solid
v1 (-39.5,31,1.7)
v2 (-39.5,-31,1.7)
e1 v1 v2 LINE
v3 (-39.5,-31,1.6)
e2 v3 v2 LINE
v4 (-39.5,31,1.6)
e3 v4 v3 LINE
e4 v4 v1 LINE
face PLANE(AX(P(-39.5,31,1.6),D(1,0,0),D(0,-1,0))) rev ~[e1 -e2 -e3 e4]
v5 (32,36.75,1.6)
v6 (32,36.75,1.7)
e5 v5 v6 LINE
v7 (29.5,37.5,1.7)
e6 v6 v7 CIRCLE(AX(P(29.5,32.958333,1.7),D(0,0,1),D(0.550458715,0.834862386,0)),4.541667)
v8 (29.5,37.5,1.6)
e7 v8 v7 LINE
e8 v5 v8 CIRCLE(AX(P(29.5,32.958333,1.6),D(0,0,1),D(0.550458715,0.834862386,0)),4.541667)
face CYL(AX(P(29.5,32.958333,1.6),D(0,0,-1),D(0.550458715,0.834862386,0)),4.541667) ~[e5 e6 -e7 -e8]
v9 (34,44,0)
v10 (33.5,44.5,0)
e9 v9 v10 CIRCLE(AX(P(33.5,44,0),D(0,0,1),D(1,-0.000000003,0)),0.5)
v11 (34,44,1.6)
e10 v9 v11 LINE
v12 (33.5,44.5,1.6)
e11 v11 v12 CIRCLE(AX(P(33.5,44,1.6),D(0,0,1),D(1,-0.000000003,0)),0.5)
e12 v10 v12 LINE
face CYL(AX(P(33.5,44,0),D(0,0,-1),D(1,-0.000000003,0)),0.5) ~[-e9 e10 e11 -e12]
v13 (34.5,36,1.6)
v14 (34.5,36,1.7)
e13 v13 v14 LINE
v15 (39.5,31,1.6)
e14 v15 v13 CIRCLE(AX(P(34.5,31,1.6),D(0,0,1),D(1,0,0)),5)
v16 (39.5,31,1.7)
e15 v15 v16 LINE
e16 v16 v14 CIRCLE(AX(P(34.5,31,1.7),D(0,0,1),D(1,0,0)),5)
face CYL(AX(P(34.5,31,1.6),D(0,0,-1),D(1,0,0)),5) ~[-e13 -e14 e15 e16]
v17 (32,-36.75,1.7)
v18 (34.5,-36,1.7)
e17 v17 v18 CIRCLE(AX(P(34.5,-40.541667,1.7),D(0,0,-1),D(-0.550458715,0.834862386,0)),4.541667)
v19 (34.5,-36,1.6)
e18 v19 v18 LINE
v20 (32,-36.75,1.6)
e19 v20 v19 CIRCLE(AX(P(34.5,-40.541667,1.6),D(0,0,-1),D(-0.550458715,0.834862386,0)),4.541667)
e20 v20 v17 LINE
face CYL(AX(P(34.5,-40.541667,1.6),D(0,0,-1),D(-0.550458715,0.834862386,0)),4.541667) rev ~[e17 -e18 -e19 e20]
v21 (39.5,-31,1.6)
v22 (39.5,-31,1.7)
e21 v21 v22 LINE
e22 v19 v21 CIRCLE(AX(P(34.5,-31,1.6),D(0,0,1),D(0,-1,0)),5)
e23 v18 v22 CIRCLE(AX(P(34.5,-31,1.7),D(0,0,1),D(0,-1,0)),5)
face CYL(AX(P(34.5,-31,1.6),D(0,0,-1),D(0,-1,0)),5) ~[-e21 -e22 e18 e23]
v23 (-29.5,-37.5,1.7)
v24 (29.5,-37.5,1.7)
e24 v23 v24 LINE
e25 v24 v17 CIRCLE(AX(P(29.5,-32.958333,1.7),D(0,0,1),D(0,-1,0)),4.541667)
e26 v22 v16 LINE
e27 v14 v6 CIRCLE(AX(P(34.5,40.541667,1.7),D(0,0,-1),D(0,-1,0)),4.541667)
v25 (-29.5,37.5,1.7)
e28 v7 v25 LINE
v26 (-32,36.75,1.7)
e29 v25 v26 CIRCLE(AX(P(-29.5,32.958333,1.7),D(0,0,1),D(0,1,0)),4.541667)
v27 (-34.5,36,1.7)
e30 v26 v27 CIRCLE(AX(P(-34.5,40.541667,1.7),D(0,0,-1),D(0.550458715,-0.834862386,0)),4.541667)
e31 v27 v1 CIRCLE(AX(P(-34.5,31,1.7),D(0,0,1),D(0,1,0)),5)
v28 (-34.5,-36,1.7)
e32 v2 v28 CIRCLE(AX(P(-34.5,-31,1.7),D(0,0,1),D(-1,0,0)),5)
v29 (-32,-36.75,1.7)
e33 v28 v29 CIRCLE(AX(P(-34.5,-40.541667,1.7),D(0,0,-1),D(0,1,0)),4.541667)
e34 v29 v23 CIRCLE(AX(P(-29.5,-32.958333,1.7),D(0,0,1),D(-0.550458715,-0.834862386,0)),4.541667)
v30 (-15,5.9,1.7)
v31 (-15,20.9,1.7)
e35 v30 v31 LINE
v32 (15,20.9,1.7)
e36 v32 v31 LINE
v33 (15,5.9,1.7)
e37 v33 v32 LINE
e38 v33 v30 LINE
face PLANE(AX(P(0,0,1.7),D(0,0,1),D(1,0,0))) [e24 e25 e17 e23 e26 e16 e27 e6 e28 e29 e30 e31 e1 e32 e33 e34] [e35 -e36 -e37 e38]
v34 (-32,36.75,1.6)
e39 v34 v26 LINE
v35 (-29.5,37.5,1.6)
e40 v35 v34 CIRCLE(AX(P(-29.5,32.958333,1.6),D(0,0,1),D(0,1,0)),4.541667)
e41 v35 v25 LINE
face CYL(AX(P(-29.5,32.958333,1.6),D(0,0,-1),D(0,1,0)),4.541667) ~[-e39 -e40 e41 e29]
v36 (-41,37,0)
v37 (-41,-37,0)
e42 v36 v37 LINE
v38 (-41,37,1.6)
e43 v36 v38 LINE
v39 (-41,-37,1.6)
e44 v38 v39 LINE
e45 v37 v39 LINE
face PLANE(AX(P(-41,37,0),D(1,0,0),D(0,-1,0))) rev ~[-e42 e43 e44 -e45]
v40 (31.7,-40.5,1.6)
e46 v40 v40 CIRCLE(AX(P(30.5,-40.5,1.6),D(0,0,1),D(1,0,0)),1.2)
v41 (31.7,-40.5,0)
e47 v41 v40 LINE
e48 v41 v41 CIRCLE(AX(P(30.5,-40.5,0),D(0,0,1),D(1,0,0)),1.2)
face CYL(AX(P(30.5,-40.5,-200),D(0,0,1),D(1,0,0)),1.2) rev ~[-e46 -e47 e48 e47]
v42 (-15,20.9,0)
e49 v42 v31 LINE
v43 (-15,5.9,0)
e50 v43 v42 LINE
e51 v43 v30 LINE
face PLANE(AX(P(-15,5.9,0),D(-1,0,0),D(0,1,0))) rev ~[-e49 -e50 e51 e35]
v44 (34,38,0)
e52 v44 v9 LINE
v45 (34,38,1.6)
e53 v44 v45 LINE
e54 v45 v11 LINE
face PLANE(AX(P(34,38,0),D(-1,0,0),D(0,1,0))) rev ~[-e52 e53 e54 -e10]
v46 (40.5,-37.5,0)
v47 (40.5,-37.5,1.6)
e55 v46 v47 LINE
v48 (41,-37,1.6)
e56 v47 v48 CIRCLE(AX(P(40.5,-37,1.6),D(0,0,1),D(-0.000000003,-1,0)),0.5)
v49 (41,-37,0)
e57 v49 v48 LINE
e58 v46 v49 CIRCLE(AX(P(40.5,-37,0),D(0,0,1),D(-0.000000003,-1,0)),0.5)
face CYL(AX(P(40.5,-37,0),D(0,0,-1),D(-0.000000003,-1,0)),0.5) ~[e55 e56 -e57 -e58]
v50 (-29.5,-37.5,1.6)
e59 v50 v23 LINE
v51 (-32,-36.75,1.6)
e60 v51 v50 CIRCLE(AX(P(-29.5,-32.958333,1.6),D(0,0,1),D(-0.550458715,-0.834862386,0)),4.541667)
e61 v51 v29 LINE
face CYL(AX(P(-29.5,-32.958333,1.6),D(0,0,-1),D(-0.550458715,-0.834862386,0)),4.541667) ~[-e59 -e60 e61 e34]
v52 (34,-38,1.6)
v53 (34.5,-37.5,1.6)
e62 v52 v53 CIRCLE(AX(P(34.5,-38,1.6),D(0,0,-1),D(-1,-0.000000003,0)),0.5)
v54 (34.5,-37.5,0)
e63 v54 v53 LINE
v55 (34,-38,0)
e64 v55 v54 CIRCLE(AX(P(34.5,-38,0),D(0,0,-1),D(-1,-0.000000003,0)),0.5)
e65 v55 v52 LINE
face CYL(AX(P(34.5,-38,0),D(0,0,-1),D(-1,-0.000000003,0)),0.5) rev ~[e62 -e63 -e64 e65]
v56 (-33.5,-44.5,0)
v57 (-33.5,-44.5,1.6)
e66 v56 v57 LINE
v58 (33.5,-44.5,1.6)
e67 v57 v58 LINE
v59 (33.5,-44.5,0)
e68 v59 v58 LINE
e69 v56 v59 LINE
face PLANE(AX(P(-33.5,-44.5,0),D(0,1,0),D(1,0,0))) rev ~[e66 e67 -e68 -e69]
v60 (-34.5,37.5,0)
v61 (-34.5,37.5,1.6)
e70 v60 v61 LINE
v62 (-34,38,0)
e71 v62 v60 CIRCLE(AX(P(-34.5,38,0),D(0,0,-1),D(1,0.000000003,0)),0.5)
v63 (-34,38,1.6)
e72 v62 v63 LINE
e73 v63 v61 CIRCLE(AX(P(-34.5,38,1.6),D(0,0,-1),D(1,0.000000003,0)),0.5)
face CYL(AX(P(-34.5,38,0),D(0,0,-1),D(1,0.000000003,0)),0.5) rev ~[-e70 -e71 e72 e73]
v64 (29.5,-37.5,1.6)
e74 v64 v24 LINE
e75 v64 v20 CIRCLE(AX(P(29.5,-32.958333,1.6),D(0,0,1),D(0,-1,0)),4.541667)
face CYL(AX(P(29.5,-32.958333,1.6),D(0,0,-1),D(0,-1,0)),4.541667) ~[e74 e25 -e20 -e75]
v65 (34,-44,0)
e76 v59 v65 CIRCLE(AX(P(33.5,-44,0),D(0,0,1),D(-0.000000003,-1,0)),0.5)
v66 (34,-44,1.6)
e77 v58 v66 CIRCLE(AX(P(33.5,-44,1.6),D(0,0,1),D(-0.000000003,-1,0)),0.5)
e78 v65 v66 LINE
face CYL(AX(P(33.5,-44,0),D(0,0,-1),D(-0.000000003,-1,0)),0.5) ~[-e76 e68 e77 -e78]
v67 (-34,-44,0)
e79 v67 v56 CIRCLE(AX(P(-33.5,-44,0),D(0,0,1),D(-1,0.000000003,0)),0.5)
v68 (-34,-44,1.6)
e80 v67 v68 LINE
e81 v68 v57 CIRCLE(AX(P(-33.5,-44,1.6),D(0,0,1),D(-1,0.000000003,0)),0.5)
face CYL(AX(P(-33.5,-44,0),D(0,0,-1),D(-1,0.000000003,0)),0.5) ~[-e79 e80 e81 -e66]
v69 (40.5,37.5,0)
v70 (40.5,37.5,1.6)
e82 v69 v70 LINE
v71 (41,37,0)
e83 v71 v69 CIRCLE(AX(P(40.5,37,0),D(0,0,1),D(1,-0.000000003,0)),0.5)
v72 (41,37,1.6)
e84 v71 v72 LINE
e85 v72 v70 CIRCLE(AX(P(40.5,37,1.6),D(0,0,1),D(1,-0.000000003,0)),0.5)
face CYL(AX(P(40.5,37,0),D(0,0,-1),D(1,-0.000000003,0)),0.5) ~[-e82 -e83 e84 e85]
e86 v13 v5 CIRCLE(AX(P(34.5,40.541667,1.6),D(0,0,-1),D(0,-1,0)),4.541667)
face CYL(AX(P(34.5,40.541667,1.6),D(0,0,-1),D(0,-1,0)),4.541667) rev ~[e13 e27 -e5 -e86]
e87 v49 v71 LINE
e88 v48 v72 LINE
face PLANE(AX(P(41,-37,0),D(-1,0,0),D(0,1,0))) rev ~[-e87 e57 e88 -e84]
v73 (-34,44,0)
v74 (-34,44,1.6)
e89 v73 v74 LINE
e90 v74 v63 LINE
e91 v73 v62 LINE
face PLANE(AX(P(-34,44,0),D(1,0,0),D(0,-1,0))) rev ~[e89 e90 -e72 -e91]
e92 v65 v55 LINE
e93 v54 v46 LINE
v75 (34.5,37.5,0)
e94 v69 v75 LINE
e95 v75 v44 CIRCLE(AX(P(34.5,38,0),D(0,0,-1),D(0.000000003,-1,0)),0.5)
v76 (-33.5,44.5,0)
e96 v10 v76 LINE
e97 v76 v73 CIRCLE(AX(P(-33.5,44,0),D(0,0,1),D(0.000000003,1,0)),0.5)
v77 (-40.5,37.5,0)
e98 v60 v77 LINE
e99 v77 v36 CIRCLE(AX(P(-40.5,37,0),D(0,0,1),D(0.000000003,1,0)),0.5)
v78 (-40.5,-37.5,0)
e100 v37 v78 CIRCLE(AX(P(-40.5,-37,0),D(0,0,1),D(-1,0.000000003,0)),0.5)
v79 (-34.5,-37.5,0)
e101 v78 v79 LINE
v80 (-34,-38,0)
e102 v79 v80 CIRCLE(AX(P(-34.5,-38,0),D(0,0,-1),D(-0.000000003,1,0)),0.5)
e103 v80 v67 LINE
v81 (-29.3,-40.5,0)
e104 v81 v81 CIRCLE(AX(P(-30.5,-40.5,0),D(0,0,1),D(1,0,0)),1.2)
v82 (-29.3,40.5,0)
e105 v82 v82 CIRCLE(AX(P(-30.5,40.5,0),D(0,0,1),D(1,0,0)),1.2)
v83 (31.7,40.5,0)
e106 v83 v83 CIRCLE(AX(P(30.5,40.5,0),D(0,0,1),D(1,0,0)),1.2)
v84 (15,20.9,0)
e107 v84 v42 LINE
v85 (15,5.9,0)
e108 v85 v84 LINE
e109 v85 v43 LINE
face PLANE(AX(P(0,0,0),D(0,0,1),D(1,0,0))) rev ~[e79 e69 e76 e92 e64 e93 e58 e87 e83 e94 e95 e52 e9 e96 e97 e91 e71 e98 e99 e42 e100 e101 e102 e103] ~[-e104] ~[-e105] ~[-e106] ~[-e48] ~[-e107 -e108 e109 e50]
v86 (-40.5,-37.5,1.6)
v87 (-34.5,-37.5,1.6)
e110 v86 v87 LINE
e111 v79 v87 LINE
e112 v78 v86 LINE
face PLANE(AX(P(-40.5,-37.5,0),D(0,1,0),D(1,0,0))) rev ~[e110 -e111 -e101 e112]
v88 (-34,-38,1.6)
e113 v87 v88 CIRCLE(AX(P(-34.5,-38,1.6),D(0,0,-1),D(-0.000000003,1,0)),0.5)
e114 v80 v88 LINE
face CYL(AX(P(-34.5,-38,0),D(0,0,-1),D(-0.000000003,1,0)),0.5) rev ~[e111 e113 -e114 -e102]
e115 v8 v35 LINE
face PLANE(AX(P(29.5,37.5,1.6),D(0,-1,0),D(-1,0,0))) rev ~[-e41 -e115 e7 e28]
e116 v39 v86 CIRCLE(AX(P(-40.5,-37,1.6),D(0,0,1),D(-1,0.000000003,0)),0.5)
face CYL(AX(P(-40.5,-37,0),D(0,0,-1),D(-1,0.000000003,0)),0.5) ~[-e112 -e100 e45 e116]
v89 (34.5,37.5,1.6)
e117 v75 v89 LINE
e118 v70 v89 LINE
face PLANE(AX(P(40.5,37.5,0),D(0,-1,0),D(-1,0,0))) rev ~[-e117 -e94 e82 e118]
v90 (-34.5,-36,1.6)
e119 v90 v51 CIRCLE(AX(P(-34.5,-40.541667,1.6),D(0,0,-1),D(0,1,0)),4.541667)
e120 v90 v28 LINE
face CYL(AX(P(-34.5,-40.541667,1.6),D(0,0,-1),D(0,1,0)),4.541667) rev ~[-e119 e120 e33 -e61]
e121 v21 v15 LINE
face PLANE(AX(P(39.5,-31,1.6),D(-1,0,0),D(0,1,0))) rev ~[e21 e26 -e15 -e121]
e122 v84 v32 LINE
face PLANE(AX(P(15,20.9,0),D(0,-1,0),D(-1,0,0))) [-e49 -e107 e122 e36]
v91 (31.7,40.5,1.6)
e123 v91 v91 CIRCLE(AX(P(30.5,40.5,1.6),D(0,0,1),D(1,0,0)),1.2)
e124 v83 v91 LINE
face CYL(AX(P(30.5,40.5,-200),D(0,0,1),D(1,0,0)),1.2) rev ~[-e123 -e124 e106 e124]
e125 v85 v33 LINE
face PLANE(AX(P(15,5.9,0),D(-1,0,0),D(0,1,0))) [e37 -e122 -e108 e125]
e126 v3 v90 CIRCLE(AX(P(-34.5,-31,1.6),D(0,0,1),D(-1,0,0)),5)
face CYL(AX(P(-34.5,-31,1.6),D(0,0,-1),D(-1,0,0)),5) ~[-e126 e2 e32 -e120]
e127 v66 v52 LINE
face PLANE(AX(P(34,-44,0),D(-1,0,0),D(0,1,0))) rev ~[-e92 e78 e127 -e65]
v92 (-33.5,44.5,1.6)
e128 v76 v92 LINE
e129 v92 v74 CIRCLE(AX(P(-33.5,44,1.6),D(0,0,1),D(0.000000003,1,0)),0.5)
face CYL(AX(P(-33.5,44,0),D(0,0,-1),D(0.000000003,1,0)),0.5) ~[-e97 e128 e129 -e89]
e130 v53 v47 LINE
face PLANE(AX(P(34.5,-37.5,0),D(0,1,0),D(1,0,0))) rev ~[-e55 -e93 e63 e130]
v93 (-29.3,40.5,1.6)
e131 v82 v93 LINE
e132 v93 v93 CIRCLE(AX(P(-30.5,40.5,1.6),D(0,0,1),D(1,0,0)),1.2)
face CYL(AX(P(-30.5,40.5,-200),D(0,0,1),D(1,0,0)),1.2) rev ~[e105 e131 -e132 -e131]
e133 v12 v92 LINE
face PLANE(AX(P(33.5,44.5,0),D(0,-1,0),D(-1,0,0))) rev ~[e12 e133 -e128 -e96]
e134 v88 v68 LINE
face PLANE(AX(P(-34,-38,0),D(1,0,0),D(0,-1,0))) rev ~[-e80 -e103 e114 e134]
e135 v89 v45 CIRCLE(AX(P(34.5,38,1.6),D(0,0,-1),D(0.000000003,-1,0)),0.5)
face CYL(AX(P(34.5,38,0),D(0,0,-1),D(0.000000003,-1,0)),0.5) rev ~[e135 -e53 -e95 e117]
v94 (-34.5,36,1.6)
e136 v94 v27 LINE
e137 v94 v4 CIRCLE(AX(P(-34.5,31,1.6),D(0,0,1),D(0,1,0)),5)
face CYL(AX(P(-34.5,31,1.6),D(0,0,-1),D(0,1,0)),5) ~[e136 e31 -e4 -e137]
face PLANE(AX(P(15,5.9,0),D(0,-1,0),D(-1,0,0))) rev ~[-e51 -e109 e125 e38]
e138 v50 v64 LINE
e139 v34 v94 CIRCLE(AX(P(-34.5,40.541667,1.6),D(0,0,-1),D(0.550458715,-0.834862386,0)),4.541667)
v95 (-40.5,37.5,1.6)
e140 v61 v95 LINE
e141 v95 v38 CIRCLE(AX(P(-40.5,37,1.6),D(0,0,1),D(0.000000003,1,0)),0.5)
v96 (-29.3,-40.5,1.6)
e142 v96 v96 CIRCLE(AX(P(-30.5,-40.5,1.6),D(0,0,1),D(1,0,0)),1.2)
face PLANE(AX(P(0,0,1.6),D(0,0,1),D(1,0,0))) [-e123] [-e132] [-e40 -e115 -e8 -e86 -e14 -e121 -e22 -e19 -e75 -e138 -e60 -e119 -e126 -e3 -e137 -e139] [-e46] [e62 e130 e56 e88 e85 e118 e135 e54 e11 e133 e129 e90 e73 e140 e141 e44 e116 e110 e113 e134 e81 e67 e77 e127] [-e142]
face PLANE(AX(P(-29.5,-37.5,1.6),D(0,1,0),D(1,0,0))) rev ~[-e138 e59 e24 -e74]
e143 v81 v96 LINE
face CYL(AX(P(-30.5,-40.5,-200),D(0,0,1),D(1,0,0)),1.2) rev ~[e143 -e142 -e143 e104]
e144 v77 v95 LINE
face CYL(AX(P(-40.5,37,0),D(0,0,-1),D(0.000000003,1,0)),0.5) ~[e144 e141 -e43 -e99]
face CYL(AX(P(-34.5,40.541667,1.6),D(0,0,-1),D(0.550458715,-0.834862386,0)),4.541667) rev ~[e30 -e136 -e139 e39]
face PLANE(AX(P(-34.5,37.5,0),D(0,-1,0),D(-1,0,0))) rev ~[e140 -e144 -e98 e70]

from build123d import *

# Parameters (mm, degrees)
BOSS_EXTRUDE1_DEPTH            = 1.6
BOSS_EXTRUDE2_DEPTH            = 0.1
M2_HOLE1_FIXINGSTRUCTURE_D     = 2.4
M2_HOLE1_FIXINGSTRUCTURE_DEPTH = 200
M2_HOLE1_FIXINGSTRUCTURE_TIP   = 0.721032743
SKETCH4_W                      = 30
SKETCH4_H                      = 15
CUT_EXTRUDE1_DEPTH             = 1.7


with BuildPart() as part:
    # Sketch1 → Boss-Extrude1 (new body)
    with BuildSketch(Plane.XY):
        with BuildLine():
            Line((-34, 44), (-34, 38))
            ThreePointArc((-34, 38), (-34.146446609, 37.646446609), (-34.5, 37.5))
            Line((-34.5, 37.5), (-40.5, 37.5))
            ThreePointArc((-40.5, 37.5), (-40.853553391, 37.353553391), (-41, 37))
            Line((-41, 37), (-41, -37))
            ThreePointArc((-41, -37), (-40.853553391, -37.353553391), (-40.5, -37.5))
            Line((-40.5, -37.5), (-34.5, -37.5))
            ThreePointArc((-34.5, -37.5), (-34.146446609, -37.646446609), (-34, -38))
            Line((-34, -38), (-34, -44))
            ThreePointArc((-34, -44), (-33.853553391, -44.353553391), (-33.5, -44.5))
            Line((-33.5, -44.5), (33.5, -44.5))
            ThreePointArc((33.5, -44.5), (33.853553391, -44.353553391), (34, -44))
            Line((34, -44), (34, -38))
            ThreePointArc((34, -38), (34.146446609, -37.646446609), (34.5, -37.5))
            Line((34.5, -37.5), (40.5, -37.5))
            ThreePointArc((40.5, -37.5), (40.853553391, -37.353553391), (41, -37))
            Line((41, -37), (41, 37))
            ThreePointArc((41, 37), (40.853553391, 37.353553391), (40.5, 37.5))
            Line((40.5, 37.5), (34.5, 37.5))
            ThreePointArc((34.5, 37.5), (34.146446609, 37.646446609), (34, 38))
            Line((34, 38), (34, 44))
            ThreePointArc((34, 44), (33.853553391, 44.353553391), (33.5, 44.5))
            Line((33.5, 44.5), (-33.5, 44.5))
            ThreePointArc((-33.5, 44.5), (-33.853553391, 44.353553391), (-34, 44))
        make_face()
    extrude(amount=BOSS_EXTRUDE1_DEPTH)

    # Esboço1 → Boss-Extrude2 (add)
    with BuildSketch(Plane.XY.offset(1.6)):
        with BuildLine():
            Line((-29.5, -37.5), (29.5, -37.5))
            ThreePointArc((29.5, -37.5), (30.805038314, -37.308461045), (32, -36.75))
            ThreePointArc((32, -36.75), (33.194961686, -36.191538955), (34.5, -36))
            ThreePointArc((34.5, -36), (38.035533906, -34.535533906), (39.5, -31))
            Line((39.5, -31), (39.5, 31))
            ThreePointArc((39.5, 31), (38.035533906, 34.535533906), (34.5, 36))
            ThreePointArc((34.5, 36), (33.194961686, 36.191538955), (32, 36.75))
            ThreePointArc((32, 36.75), (30.805038314, 37.308461045), (29.5, 37.5))
            Line((29.5, 37.5), (-29.5, 37.5))
            ThreePointArc((-29.5, 37.5), (-30.805038314, 37.308461045), (-32, 36.75))
            ThreePointArc((-32, 36.75), (-33.194961686, 36.191538955), (-34.5, 36))
            ThreePointArc((-34.5, 36), (-38.035533906, 34.535533906), (-39.5, 31))
            Line((-39.5, 31), (-39.5, -31))
            ThreePointArc((-39.5, -31), (-38.035533906, -34.535533906), (-34.5, -36))
            ThreePointArc((-34.5, -36), (-33.194961686, -36.191538955), (-32, -36.75))
            ThreePointArc((-32, -36.75), (-30.805038314, -37.308461045), (-29.5, -37.5))
        make_face()
    extrude(amount=BOSS_EXTRUDE2_DEPTH)

    # M2 Hole1-FixingStructure
    with Locations(Plane(origin=(0, 0, 0), x_dir=(-1, 0, 0), z_dir=(0, 0, -1))):
        with Locations((-30.5, 40.5), (30.5, 40.5), (-30.5, -40.5), (30.5, -40.5)):
            Hole(M2_HOLE1_FIXINGSTRUCTURE_D / 2, depth=M2_HOLE1_FIXINGSTRUCTURE_DEPTH)
            with Locations((0, 0, -(M2_HOLE1_FIXINGSTRUCTURE_DEPTH + M2_HOLE1_FIXINGSTRUCTURE_TIP / 2))):  # 118° drill point
                Cone(0, M2_HOLE1_FIXINGSTRUCTURE_D / 2, M2_HOLE1_FIXINGSTRUCTURE_TIP, mode=Mode.SUBTRACT)

    # Sketch4 → Cut-Extrude1 (cut)
    with BuildSketch(Plane(origin=(0, 0, 0), x_dir=(-1, 0, 0), z_dir=(0, 0, -1))):
        with Locations((0, 13.4)):
            Rectangle(SKETCH4_W, SKETCH4_H)
    extrude(amount=-CUT_EXTRUDE1_DEPTH, mode=Mode.SUBTRACT)


solid = part.part
